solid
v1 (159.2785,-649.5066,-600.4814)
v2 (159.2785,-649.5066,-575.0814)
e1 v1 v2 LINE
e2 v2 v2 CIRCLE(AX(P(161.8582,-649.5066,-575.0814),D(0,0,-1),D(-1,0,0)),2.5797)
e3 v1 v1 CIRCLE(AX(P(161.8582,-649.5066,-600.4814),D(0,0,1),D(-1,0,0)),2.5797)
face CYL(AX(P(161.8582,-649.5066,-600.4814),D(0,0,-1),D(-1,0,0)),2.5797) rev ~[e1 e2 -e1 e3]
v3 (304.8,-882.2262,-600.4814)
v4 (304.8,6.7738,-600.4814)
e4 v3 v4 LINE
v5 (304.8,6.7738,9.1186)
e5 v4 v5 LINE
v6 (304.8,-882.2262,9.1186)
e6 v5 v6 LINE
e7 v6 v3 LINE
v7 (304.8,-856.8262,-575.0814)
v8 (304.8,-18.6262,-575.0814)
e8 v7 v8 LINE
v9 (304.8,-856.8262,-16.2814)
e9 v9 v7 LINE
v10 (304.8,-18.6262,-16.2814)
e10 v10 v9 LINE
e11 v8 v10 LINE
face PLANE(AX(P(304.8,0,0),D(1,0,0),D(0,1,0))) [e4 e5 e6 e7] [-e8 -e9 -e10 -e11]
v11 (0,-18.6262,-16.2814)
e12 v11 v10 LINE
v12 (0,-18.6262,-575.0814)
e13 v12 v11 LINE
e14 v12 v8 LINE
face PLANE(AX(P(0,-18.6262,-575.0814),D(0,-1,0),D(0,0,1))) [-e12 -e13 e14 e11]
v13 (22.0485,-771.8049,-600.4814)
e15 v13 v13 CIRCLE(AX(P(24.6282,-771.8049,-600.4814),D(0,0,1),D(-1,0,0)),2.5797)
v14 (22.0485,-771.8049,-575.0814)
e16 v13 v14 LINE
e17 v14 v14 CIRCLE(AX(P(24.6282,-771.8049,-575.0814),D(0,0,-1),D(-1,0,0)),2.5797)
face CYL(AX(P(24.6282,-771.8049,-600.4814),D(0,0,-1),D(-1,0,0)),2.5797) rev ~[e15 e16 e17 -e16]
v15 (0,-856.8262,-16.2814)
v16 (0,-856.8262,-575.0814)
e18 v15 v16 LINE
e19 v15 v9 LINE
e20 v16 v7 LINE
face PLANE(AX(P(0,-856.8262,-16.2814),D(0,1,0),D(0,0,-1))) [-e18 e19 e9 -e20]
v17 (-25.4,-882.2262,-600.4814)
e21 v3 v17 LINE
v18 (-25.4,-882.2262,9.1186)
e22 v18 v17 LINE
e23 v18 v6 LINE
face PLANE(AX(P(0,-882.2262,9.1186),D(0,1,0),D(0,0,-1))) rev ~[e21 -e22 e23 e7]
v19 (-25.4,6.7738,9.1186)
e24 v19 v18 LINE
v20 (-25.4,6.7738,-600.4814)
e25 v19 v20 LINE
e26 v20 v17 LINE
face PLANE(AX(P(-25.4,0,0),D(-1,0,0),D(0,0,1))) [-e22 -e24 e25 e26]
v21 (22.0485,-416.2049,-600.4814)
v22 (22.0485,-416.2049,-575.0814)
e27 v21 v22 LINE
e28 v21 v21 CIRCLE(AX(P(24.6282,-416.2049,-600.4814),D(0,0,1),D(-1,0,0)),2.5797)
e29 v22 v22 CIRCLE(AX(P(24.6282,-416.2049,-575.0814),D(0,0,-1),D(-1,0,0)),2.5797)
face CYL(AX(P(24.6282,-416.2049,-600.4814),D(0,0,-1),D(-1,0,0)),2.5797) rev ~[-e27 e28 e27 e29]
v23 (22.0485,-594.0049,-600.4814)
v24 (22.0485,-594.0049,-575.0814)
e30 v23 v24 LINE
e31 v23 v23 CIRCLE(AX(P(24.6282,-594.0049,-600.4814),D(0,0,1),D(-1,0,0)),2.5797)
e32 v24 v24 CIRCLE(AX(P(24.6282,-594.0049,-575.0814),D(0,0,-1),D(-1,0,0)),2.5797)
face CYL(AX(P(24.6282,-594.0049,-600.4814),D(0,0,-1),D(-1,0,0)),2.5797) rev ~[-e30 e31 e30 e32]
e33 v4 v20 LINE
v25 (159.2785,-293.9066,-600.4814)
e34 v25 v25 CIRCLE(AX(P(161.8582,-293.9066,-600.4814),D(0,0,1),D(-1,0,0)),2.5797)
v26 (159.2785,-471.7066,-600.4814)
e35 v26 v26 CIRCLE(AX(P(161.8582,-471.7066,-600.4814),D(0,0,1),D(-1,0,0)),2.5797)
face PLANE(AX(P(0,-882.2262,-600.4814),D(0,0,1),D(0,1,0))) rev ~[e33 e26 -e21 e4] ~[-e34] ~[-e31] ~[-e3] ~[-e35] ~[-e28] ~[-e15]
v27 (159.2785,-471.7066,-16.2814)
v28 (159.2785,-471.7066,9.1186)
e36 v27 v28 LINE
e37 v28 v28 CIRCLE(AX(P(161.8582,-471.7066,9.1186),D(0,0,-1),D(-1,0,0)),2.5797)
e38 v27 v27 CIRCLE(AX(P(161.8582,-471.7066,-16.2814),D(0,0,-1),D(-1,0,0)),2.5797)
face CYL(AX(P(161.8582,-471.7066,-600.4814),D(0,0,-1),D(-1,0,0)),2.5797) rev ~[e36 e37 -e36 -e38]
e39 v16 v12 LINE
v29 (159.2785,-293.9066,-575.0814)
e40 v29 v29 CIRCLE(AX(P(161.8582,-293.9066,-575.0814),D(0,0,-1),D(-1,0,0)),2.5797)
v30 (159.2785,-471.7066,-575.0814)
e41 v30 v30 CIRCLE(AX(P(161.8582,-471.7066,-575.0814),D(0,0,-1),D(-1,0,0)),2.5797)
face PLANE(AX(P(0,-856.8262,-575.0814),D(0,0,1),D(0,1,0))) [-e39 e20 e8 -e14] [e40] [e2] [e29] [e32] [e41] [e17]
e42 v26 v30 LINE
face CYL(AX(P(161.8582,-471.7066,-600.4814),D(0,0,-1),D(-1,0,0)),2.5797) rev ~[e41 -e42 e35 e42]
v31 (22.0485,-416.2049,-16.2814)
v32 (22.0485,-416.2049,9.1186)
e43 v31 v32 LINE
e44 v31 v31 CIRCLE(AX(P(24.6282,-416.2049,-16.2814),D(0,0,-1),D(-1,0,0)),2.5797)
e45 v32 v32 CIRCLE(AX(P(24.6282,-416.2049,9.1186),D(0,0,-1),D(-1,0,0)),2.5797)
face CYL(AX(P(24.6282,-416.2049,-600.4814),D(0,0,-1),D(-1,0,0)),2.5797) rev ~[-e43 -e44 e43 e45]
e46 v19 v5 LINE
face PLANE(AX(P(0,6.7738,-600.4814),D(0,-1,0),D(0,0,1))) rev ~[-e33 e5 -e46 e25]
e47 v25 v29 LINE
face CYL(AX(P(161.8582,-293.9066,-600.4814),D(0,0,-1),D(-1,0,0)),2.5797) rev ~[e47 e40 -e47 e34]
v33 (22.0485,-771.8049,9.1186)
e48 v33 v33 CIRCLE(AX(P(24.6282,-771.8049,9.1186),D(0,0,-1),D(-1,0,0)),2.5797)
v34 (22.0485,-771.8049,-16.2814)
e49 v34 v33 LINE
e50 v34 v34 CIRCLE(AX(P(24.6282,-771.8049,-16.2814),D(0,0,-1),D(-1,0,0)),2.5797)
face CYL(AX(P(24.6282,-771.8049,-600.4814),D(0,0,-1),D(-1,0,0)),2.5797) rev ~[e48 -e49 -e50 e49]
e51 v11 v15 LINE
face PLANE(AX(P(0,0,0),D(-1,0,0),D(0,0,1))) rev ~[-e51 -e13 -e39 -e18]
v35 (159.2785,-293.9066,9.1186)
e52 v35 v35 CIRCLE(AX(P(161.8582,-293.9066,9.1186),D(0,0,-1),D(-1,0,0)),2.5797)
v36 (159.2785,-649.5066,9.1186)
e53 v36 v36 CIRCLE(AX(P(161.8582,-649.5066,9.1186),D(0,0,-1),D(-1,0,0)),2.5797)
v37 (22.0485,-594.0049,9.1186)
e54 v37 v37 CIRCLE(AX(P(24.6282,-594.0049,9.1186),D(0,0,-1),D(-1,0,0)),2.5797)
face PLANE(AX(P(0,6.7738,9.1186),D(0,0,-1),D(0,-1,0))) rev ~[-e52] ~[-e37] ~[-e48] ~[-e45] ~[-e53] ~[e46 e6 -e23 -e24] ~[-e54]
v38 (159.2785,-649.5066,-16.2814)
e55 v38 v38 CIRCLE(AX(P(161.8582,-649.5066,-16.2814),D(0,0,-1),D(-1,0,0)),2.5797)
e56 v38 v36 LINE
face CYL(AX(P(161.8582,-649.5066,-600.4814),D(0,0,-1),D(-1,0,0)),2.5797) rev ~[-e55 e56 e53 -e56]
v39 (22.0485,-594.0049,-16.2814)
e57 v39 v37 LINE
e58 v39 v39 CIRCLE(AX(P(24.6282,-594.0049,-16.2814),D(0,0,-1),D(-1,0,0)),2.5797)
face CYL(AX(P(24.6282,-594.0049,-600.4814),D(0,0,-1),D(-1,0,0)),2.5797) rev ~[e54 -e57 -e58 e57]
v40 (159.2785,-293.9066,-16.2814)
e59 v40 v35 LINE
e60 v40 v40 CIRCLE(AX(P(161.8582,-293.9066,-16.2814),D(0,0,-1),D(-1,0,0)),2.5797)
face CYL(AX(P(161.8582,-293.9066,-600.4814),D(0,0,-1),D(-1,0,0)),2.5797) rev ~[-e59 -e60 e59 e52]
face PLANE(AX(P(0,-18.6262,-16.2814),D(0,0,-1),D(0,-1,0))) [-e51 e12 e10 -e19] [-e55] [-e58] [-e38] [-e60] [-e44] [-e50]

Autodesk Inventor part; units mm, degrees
ref_plane "YZ Plane" through (0, 0, 0) normal (1, 0, 0) x (0, 1, 0)
ref_plane "XZ Plane" through (0, 0, 0) normal (0, 1, 0) x (-1, 0, 0)
ref_plane "XY Plane" through (0, 0, 0) normal (0, 0, 1) x (1, 0, 0)
sketch "Sketch1" plane through (0, 0, 0) normal (1, 0, 0) x (0, 1, 0)
  line L0 (6.7738, 9.1186) -> (-882.2262, 9.1186)
  line L1 (-882.2262, 9.1186) -> (-882.2262, -600.4814)
  line L2 (-882.2262, -600.4814) -> (6.7738, -600.4814)
  line L3 (6.7738, -600.4814) -> (6.7738, 9.1186)
  line L4 (-18.6262, -16.2814) -> (-856.8262, -16.2814)
  line L5 (-856.8262, -16.2814) -> (-856.8262, -575.0814)
  line L6 (-856.8262, -575.0814) -> (-18.6262, -575.0814)
  line L7 (-18.6262, -575.0814) -> (-18.6262, -16.2814)
  point P0 (0, 0)
  dimension "d0" = 889
  dimension "d1" = 609.6
  dimension "d2" = 25.4
extrude "Extrusion3" add sketch "Sketch1" along normal blind 304.8
sketch "Sketch4" plane through (0, 0, 0) normal (-1, 0, 0) x (0, 0, 1)
  line L0 (9.1186, 6.7738) -> (9.1186, -882.2262) projected
  line L1 (9.1186, -882.2262) -> (-600.4814, -882.2262) projected
  line L2 (9.1186, 6.7738) -> (-600.4814, 6.7738)
  line L3 (-600.4814, 6.7738) -> (-600.4814, -882.2262)
  line L4 (-600.4814, -882.2262) -> (9.1186, -882.2262)
  line L5 (9.1186, -882.2262) -> (9.1186, 6.7738)
  point P0 (0, 0)
extrude "Extrusion4" add sketch "Sketch4" along normal blind 25.4
sketch "Sketch5" plane through (304.8, -882.2262, -600.4814) normal (0, 0, -1) x (-1, 0, 0)
  line L0 (0, 889) -> (330.2, 889) projected
  line L1 (330.2, 889) -> (330.2, 645.5901)
  line L2 (330.2, 889) -> (330.2, 0) projected
  line L3 (330.2, 457.2) -> (330.2, 279.4)
  line L4 (330.2, 279.4) -> (330.2, 101.6)
  line L5 (330.2, 518.5901) -> (609.6, 518.5901) construction
  line L6 (330.2, 340.7901) -> (609.6, 340.7901) construction
  line L7 (330.2, 162.9901) -> (609.6, 162.9901) construction
  line L8 (330.2, 457.2) -> (280.1718, 466.0213)
  line L9 (330.2, 457.2) -> (381, 457.2) construction
  line L10 (330.2, 279.4) -> (280.1718, 288.2213)
  line L11 (330.2, 279.4) -> (381, 279.4) construction
  line L12 (330.2, 101.6) -> (280.1718, 110.4213)
  line L13 (330.2, 101.6) -> (381, 101.6) construction
  line L14 (330.2, 0) -> (0, 0) projected
  line L15 (330.2, 0) -> (330.2, 101.6)
  circle A0 centre (280.1718, 466.0213) radius 2.5797
  circle A1 centre (280.1718, 288.2213) radius 2.5797
  circle A2 centre (280.1718, 110.4213) radius 2.5797
  line L16 (330.2, 457.2) -> (142.9418, 588.3196)
  line L17 (330.2, 457.2) -> (558.8, 457.2) construction
  line L18 (330.2, 279.4) -> (142.9418, 410.5196)
  line L19 (330.2, 279.4) -> (558.8, 279.4) construction
  line L20 (330.2, 101.6) -> (142.9418, 232.7196)
  line L21 (330.2, 101.6) -> (558.8, 101.6) construction
  circle A3 centre (142.9418, 588.3196) radius 2.5797
  circle A4 centre (142.9418, 410.5196) radius 2.5797
  circle A5 centre (142.9418, 232.7196) radius 2.5797
  point P0 (304.8, 882.2262)
  dimension "d16" = 177.8
  dimension "d17" = 177.8
  dimension "d35" = 50.8
  dimension "d36" = 170
  dimension "d37" = 50.8
  dimension "d38" = 170
  dimension "d39" = 50.8
  dimension "d40" = 170
  dimension "d46" = 101.6
  dimension "d48" = 5.1594
  dimension "d50" = 5.1594
  dimension "d52" = 5.1594
  dimension "d53" = 228.6
  dimension "d54" = 145
  dimension "d55" = 228.6
  dimension "d56" = 145
  dimension "d57" = 228.6
  dimension "d58" = 145
  dimension "d59" = 5.1594
  dimension "d60" = 5.1594
  dimension "d61" = 5.1594
extrude "Extrusion6" cut sketch "Sketch5" against normal blind 914.4
properties part number "Cart Box"
